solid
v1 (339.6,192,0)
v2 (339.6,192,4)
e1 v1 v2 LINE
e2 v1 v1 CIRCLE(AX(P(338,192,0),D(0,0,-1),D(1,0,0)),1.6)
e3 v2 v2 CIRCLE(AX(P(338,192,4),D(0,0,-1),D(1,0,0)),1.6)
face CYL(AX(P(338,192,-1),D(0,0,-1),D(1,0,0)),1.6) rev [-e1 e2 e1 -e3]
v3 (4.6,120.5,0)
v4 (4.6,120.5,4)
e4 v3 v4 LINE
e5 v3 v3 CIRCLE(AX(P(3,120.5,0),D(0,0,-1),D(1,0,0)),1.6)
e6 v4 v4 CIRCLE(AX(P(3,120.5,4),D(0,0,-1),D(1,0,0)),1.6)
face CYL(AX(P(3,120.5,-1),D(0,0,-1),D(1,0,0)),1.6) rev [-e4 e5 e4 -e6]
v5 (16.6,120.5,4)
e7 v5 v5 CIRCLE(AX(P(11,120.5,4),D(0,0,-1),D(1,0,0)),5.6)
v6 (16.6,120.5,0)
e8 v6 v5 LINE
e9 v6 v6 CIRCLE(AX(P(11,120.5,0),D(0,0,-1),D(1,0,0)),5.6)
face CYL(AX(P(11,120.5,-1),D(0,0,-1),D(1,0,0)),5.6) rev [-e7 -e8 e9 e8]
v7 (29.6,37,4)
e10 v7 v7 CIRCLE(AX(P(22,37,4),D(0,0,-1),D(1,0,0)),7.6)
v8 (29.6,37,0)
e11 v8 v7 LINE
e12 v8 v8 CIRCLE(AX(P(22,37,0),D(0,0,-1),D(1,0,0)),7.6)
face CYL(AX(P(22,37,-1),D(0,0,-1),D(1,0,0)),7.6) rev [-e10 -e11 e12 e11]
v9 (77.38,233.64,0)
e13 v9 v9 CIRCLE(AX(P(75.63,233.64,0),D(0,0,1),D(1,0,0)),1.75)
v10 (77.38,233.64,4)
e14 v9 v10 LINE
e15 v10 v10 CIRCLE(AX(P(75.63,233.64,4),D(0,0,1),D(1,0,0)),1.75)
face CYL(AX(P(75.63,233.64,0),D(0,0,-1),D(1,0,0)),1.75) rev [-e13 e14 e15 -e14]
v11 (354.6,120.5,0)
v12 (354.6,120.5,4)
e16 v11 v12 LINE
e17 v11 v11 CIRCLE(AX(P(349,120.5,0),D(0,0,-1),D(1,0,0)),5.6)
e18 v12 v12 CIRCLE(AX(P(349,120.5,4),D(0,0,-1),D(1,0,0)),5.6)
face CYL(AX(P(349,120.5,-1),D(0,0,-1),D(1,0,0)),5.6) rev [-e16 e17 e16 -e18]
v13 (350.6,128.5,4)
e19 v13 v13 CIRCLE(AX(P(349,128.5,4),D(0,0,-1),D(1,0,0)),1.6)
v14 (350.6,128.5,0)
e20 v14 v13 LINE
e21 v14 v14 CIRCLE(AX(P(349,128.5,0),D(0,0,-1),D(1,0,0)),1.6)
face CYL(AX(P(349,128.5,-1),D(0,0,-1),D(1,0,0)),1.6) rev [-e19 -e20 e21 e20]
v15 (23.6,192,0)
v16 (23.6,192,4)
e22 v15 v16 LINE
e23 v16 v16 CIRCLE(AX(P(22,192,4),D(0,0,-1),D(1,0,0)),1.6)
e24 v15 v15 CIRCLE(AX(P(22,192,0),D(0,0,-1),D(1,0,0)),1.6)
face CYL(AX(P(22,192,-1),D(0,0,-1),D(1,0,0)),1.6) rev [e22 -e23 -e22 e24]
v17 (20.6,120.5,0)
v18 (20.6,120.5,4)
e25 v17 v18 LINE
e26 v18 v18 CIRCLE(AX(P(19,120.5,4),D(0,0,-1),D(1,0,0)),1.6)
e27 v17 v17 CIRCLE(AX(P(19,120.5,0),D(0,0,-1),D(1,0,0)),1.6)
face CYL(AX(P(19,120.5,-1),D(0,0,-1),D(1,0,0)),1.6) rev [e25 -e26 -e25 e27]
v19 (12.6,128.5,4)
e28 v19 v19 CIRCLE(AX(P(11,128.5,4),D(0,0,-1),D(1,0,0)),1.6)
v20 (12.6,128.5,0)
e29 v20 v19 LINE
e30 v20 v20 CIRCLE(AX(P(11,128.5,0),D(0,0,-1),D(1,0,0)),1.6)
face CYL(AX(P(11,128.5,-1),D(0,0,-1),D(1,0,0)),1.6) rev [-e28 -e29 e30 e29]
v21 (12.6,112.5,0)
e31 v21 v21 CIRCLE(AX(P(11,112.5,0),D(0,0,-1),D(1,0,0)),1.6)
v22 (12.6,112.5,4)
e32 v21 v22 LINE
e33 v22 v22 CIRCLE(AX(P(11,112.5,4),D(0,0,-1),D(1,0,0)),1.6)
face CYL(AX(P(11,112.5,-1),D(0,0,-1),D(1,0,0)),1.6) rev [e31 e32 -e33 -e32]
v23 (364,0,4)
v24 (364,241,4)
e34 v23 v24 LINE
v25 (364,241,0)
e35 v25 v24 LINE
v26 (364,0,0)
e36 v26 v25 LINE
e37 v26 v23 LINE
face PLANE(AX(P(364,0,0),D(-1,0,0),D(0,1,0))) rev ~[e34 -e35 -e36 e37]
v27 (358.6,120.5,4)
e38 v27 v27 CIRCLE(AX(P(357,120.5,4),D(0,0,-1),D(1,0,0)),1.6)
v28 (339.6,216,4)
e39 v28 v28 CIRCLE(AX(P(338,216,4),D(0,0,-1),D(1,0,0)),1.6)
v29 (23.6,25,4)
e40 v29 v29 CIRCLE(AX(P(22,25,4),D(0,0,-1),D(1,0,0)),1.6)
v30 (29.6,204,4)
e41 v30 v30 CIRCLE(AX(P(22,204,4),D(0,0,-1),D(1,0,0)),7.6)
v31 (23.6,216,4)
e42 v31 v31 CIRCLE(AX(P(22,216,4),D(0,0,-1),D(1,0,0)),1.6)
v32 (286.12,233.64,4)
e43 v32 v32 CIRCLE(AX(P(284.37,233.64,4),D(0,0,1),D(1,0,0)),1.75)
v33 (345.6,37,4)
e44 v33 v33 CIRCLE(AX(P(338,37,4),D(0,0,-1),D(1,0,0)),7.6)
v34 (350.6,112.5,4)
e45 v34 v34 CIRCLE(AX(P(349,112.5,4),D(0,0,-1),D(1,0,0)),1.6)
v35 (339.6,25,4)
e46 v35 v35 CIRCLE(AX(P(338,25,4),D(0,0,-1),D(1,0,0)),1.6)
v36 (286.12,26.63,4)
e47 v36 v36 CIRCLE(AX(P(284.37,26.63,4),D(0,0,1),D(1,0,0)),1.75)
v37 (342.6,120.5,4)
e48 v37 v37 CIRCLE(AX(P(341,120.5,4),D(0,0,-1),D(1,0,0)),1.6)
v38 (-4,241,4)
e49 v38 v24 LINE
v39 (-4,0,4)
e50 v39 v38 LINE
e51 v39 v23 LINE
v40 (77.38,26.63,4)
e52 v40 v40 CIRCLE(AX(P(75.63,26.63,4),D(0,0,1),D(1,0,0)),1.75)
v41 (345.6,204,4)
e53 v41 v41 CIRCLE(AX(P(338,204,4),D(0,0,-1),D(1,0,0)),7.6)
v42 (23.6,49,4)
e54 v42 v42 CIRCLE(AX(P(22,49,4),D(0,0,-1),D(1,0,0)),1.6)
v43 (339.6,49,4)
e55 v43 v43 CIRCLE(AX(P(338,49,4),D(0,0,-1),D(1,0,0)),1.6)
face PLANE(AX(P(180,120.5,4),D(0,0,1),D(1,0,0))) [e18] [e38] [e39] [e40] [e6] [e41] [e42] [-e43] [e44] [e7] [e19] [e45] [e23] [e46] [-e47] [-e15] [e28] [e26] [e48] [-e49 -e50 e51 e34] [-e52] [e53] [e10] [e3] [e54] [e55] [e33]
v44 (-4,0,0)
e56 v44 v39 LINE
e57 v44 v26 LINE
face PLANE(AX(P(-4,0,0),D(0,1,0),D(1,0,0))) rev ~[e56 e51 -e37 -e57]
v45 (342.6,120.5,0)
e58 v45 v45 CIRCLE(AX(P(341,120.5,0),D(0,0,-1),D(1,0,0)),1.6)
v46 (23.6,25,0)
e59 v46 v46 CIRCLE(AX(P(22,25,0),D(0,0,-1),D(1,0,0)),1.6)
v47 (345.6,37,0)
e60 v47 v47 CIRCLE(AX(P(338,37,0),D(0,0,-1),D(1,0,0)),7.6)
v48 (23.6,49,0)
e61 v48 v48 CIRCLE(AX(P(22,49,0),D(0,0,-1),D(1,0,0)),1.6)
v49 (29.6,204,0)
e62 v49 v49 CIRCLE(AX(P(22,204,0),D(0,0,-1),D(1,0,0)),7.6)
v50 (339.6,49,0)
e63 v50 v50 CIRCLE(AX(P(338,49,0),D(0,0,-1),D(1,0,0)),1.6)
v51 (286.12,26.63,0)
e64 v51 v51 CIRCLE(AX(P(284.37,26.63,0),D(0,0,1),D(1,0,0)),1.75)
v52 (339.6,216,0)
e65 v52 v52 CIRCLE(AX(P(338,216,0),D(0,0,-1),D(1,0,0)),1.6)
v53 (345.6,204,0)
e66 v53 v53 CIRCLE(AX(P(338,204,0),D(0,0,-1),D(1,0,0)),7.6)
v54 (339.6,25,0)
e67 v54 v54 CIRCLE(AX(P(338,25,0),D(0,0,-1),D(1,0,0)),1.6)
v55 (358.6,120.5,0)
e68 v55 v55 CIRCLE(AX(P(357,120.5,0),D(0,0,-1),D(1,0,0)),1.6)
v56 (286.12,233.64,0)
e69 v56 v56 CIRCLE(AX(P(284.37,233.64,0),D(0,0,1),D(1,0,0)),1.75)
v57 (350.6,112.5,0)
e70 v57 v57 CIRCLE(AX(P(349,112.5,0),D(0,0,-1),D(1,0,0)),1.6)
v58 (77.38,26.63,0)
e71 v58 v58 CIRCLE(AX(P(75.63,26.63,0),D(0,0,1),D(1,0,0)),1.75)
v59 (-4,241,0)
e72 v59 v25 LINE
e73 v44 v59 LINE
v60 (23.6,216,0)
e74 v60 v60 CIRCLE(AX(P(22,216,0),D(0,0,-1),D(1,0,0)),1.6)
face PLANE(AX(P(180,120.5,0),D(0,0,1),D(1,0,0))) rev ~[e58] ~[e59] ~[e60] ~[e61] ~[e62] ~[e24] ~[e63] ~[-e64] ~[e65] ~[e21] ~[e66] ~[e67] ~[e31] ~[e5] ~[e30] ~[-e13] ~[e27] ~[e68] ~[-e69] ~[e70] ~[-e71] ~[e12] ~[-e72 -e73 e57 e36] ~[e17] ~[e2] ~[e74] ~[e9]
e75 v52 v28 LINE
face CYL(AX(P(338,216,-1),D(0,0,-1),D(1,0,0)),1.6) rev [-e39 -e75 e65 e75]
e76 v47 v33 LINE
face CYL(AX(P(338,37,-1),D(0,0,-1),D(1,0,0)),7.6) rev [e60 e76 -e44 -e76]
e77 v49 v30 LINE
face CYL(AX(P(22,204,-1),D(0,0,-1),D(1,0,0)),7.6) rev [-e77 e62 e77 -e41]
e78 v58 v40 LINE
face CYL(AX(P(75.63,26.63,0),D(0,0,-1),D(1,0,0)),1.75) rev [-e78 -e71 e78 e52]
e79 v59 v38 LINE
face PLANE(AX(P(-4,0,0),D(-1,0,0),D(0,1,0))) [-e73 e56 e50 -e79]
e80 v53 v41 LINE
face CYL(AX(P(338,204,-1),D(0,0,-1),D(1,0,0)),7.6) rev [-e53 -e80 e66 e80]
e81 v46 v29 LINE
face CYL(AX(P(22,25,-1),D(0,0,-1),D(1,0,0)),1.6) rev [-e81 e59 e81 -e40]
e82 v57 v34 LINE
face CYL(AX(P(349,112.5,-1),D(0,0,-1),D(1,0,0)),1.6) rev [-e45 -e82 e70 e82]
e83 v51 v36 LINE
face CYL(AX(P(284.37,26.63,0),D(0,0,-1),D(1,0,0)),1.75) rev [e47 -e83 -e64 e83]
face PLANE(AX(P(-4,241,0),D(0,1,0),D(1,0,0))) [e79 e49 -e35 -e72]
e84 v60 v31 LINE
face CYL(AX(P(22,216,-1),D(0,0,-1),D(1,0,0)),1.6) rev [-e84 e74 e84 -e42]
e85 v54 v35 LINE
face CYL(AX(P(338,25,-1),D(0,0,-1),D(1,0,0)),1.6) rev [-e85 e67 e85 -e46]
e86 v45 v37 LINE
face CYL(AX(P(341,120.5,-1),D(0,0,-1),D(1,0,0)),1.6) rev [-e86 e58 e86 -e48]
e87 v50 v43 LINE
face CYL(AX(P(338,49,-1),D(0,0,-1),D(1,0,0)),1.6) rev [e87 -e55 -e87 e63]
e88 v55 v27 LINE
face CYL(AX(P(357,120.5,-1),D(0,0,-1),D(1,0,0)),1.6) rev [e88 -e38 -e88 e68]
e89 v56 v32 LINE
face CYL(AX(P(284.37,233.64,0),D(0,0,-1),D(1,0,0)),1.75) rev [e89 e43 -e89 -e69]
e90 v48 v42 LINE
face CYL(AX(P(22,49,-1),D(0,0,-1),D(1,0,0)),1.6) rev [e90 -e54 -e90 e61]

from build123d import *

# Parameters (mm, degrees)
CYLINDER012029001078_R     = 1.75
CYLINDER012029001078_DEPTH = 4
CYLINDER012029001079_R     = 1.75
CYLINDER012029001079_DEPTH = 4
CYLINDER012029001080_R     = 1.75
CYLINDER012029001080_DEPTH = 4
CYLINDER012029001077_R     = 1.75
CYLINDER012029001077_DEPTH = 4
CYLINDER021_R              = 1.6
CYLINDER021_DEPTH          = 10
CYLINDER020_R              = 1.6
CYLINDER020_DEPTH          = 10
CYLINDER019_R              = 1.6
CYLINDER019_DEPTH          = 10
CYLINDER018_R              = 1.6
CYLINDER018_DEPTH          = 10
CYLINDER017_R              = 1.6
CYLINDER017_DEPTH          = 10
CYLINDER016_R              = 1.6
CYLINDER016_DEPTH          = 10
CYLINDER015_R              = 1.6
CYLINDER015_DEPTH          = 10
CYLINDER014_R              = 1.6
CYLINDER014_DEPTH          = 10
CYLINDER013_R              = 5.6
CYLINDER013_DEPTH          = 10
CYLINDER012029001069_R     = 1.6
CYLINDER012029001069_DEPTH = 10
CYLINDER012029001070_R     = 1.6
CYLINDER012029001070_DEPTH = 10
CYLINDER012029001071_R     = 1.6
CYLINDER012029001071_DEPTH = 10
CYLINDER012029001072_R     = 1.6
CYLINDER012029001072_DEPTH = 10
CYLINDER012029001073_R     = 1.6
CYLINDER012029001073_DEPTH = 10
CYLINDER012029001074_R     = 5.6
CYLINDER012029001074_DEPTH = 10
CYLINDER012029001068_R     = 1.6
CYLINDER012029001068_DEPTH = 10
CYLINDER012029001067_R     = 1.6
CYLINDER012029001067_DEPTH = 10
CYLINDER012029001066_R     = 1.6
CYLINDER012029001066_DEPTH = 10
CYLINDER012029001062_R     = 7.6
CYLINDER012029001062_DEPTH = 10
CYLINDER012029001065_R     = 7.6
CYLINDER012029001065_DEPTH = 10
CYLINDER012029001063_R     = 7.6
CYLINDER012029001063_DEPTH = 10
CYLINDER012029001064_R     = 7.6
CYLINDER012029001064_DEPTH = 10
BOX015001052_W             = 368
BOX015001052_H             = 241
BOX015001052_DEPTH         = 4


with BuildPart() as cylinder012029001081:
    # Cylinder012029001078 → Cylinder012029001078 (new body)
    with BuildSketch(Plane(origin=(75.63, 233.64, 0), x_dir=(1, 0, 0), z_dir=(0, 0, 1))):
        Circle(CYLINDER012029001078_R)
    extrude(amount=CYLINDER012029001078_DEPTH)


with BuildPart() as cylinder012029001082:
    # Cylinder012029001079 → Cylinder012029001079 (new body)
    with BuildSketch(Plane(origin=(284.37, 233.64, 0), x_dir=(1, 0, 0), z_dir=(0, 0, 1))):
        Circle(CYLINDER012029001079_R)
    extrude(amount=CYLINDER012029001079_DEPTH)


with BuildPart() as cylinder012029001083:
    # Cylinder012029001080 → Cylinder012029001080 (new body)
    with BuildSketch(Plane(origin=(284.37, 26.63, 0), x_dir=(1, 0, 0), z_dir=(0, 0, 1))):
        Circle(CYLINDER012029001080_R)
    extrude(amount=CYLINDER012029001080_DEPTH)


with BuildPart() as fusion001019007006:
    # Cylinder012029001077 → Cylinder012029001077 (new body)
    with BuildSketch(Plane(origin=(75.63, 26.63, 0), x_dir=(1, 0, 0), z_dir=(0, 0, 1))):
        Circle(CYLINDER012029001077_R)
    extrude(amount=CYLINDER012029001077_DEPTH)

    # Fusion001019007006: union Cylinder012029001081, Cylinder012029001082, Cylinder012029001083
    add(cylinder012029001081.part)
    add(cylinder012029001082.part)
    add(cylinder012029001083.part)


with BuildPart() as cylinder022:
    # Cylinder021 → Cylinder021 (new body)
    with BuildSketch(Plane(origin=(338, 25, -1), x_dir=(1, 0, 0), z_dir=(0, 0, 1))):
        Circle(CYLINDER021_R)
    extrude(amount=CYLINDER021_DEPTH)


with BuildPart() as cylinder021:
    # Cylinder020 → Cylinder020 (new body)
    with BuildSketch(Plane(origin=(338, 49, -1), x_dir=(1, 0, 0), z_dir=(0, 0, 1))):
        Circle(CYLINDER020_R)
    extrude(amount=CYLINDER020_DEPTH)


with BuildPart() as cylinder020:
    # Cylinder019 → Cylinder019 (new body)
    with BuildSketch(Plane(origin=(338, 192, -1), x_dir=(1, 0, 0), z_dir=(0, 0, 1))):
        Circle(CYLINDER019_R)
    extrude(amount=CYLINDER019_DEPTH)


with BuildPart() as cylinder019:
    # Cylinder018 → Cylinder018 (new body)
    with BuildSketch(Plane(origin=(338, 216, -1), x_dir=(1, 0, 0), z_dir=(0, 0, 1))):
        Circle(CYLINDER018_R)
    extrude(amount=CYLINDER018_DEPTH)


with BuildPart() as cylinder018:
    # Cylinder017 → Cylinder017 (new body)
    with BuildSketch(Plane(origin=(349, 128.5, -1), x_dir=(1, 0, 0), z_dir=(0, 0, 1))):
        Circle(CYLINDER017_R)
    extrude(amount=CYLINDER017_DEPTH)


with BuildPart() as cylinder012029001078:
    # Cylinder016 → Cylinder016 (new body)
    with BuildSketch(Plane(origin=(349, 112.5, -1), x_dir=(1, 0, 0), z_dir=(0, 0, 1))):
        Circle(CYLINDER016_R)
    extrude(amount=CYLINDER016_DEPTH)


with BuildPart() as cylinder012029001079:
    # Cylinder015 → Cylinder015 (new body)
    with BuildSketch(Plane(origin=(357, 120.5, -1), x_dir=(1, 0, 0), z_dir=(0, 0, 1))):
        Circle(CYLINDER015_R)
    extrude(amount=CYLINDER015_DEPTH)


with BuildPart() as cylinder012029001077:
    # Cylinder014 → Cylinder014 (new body)
    with BuildSketch(Plane(origin=(341, 120.5, -1), x_dir=(1, 0, 0), z_dir=(0, 0, 1))):
        Circle(CYLINDER014_R)
    extrude(amount=CYLINDER014_DEPTH)


with BuildPart() as cylinder012029001076:
    # Cylinder013 → Cylinder013 (new body)
    with BuildSketch(Plane(origin=(349, 120.5, -1), x_dir=(1, 0, 0), z_dir=(0, 0, 1))):
        Circle(CYLINDER013_R)
    extrude(amount=CYLINDER013_DEPTH)


with BuildPart() as cylinder012029001070:
    # Cylinder012029001069 → Cylinder012029001069 (new body)
    with BuildSketch(Plane(origin=(22, 216, -1), x_dir=(1, 0, 0), z_dir=(0, 0, 1))):
        Circle(CYLINDER012029001069_R)
    extrude(amount=CYLINDER012029001069_DEPTH)


with BuildPart() as cylinder012029001071:
    # Cylinder012029001070 → Cylinder012029001070 (new body)
    with BuildSketch(Plane(origin=(11, 112.5, -1), x_dir=(1, 0, 0), z_dir=(0, 0, 1))):
        Circle(CYLINDER012029001070_R)
    extrude(amount=CYLINDER012029001070_DEPTH)


with BuildPart() as cylinder012029001072:
    # Cylinder012029001071 → Cylinder012029001071 (new body)
    with BuildSketch(Plane(origin=(19, 120.5, -1), x_dir=(1, 0, 0), z_dir=(0, 0, 1))):
        Circle(CYLINDER012029001071_R)
    extrude(amount=CYLINDER012029001071_DEPTH)


with BuildPart() as cylinder012029001073:
    # Cylinder012029001072 → Cylinder012029001072 (new body)
    with BuildSketch(Plane(origin=(11, 128.5, -1), x_dir=(1, 0, 0), z_dir=(0, 0, 1))):
        Circle(CYLINDER012029001072_R)
    extrude(amount=CYLINDER012029001072_DEPTH)


with BuildPart() as cylinder012029001074:
    # Cylinder012029001073 → Cylinder012029001073 (new body)
    with BuildSketch(Plane(origin=(3, 120.5, -1), x_dir=(1, 0, 0), z_dir=(0, 0, 1))):
        Circle(CYLINDER012029001073_R)
    extrude(amount=CYLINDER012029001073_DEPTH)


with BuildPart() as cylinder012029001075:
    # Cylinder012029001074 → Cylinder012029001074 (new body)
    with BuildSketch(Plane(origin=(11, 120.5, -1), x_dir=(1, 0, 0), z_dir=(0, 0, 1))):
        Circle(CYLINDER012029001074_R)
    extrude(amount=CYLINDER012029001074_DEPTH)


with BuildPart() as cylinder012029001069:
    # Cylinder012029001068 → Cylinder012029001068 (new body)
    with BuildSketch(Plane(origin=(22, 192, -1), x_dir=(1, 0, 0), z_dir=(0, 0, 1))):
        Circle(CYLINDER012029001068_R)
    extrude(amount=CYLINDER012029001068_DEPTH)


with BuildPart() as cylinder012029001068:
    # Cylinder012029001067 → Cylinder012029001067 (new body)
    with BuildSketch(Plane(origin=(22, 49, -1), x_dir=(1, 0, 0), z_dir=(0, 0, 1))):
        Circle(CYLINDER012029001067_R)
    extrude(amount=CYLINDER012029001067_DEPTH)


with BuildPart() as cylinder012029001067:
    # Cylinder012029001066 → Cylinder012029001066 (new body)
    with BuildSketch(Plane(origin=(22, 25, -1), x_dir=(1, 0, 0), z_dir=(0, 0, 1))):
        Circle(CYLINDER012029001066_R)
    extrude(amount=CYLINDER012029001066_DEPTH)


with BuildPart() as cylinder012029001066:
    # Cylinder012029001062 → Cylinder012029001062 (new body)
    with BuildSketch(Plane(origin=(338, 204, -1), x_dir=(1, 0, 0), z_dir=(0, 0, 1))):
        Circle(CYLINDER012029001062_R)
    extrude(amount=CYLINDER012029001062_DEPTH)


with BuildPart() as cylinder012029001065:
    # Cylinder012029001065 → Cylinder012029001065 (new body)
    with BuildSketch(Plane(origin=(338, 37, -1), x_dir=(1, 0, 0), z_dir=(0, 0, 1))):
        Circle(CYLINDER012029001065_R)
    extrude(amount=CYLINDER012029001065_DEPTH)


with BuildPart() as cylinder012029001063:
    # Cylinder012029001063 → Cylinder012029001063 (new body)
    with BuildSketch(Plane(origin=(22, 204, -1), x_dir=(1, 0, 0), z_dir=(0, 0, 1))):
        Circle(CYLINDER012029001063_R)
    extrude(amount=CYLINDER012029001063_DEPTH)


with BuildPart() as cylinder012029001064:
    # Cylinder012029001064 → Cylinder012029001064 (new body)
    with BuildSketch(Plane(origin=(22, 37, -1), x_dir=(1, 0, 0), z_dir=(0, 0, 1))):
        Circle(CYLINDER012029001064_R)
    extrude(amount=CYLINDER012029001064_DEPTH)


with BuildPart() as cut003059:
    # Box015001052 → Box015001052 (new body)
    with BuildSketch(Plane(origin=(-4, 0, 0), x_dir=(1, 0, 0), z_dir=(0, 0, 1))):
        with Locations((184, 120.5)):
            Rectangle(BOX015001052_W, BOX015001052_H)
    extrude(amount=BOX015001052_DEPTH)

    # Cut003058: cut Cylinder012029001064
    add(cylinder012029001064.part, mode=Mode.SUBTRACT)

    # Cut003055: cut Cylinder012029001063
    add(cylinder012029001063.part, mode=Mode.SUBTRACT)

    # Cut003057: cut Cylinder012029001065
    add(cylinder012029001065.part, mode=Mode.SUBTRACT)

    # Cut003056: cut Cylinder012029001066
    add(cylinder012029001066.part, mode=Mode.SUBTRACT)

    # Cut004: cut Cylinder012029001067
    add(cylinder012029001067.part, mode=Mode.SUBTRACT)

    # Cut005: cut Cylinder012029001068
    add(cylinder012029001068.part, mode=Mode.SUBTRACT)

    # Cut006: cut Cylinder012029001069
    add(cylinder012029001069.part, mode=Mode.SUBTRACT)

    # Cut007: cut Cylinder012029001075
    add(cylinder012029001075.part, mode=Mode.SUBTRACT)

    # Cut008: cut Cylinder012029001074
    add(cylinder012029001074.part, mode=Mode.SUBTRACT)

    # Cut009: cut Cylinder012029001073
    add(cylinder012029001073.part, mode=Mode.SUBTRACT)

    # Cut010: cut Cylinder012029001072
    add(cylinder012029001072.part, mode=Mode.SUBTRACT)

    # Cut011: cut Cylinder012029001071
    add(cylinder012029001071.part, mode=Mode.SUBTRACT)

    # Cut012: cut Cylinder012029001070
    add(cylinder012029001070.part, mode=Mode.SUBTRACT)

    # Cut013: cut Cylinder012029001076
    add(cylinder012029001076.part, mode=Mode.SUBTRACT)

    # Cut014: cut Cylinder012029001077
    add(cylinder012029001077.part, mode=Mode.SUBTRACT)

    # Cut015: cut Cylinder012029001079
    add(cylinder012029001079.part, mode=Mode.SUBTRACT)

    # Cut016: cut Cylinder012029001078
    add(cylinder012029001078.part, mode=Mode.SUBTRACT)

    # Cut017: cut Cylinder018
    add(cylinder018.part, mode=Mode.SUBTRACT)

    # Cut018: cut Cylinder019
    add(cylinder019.part, mode=Mode.SUBTRACT)

    # Cut019: cut Cylinder020
    add(cylinder020.part, mode=Mode.SUBTRACT)

    # Cut020: cut Cylinder021
    add(cylinder021.part, mode=Mode.SUBTRACT)

    # Cut021: cut Cylinder022
    add(cylinder022.part, mode=Mode.SUBTRACT)

    # Cut003059: cut Fusion001019007006
    add(fusion001019007006.part, mode=Mode.SUBTRACT)


solid = cut003059.part
